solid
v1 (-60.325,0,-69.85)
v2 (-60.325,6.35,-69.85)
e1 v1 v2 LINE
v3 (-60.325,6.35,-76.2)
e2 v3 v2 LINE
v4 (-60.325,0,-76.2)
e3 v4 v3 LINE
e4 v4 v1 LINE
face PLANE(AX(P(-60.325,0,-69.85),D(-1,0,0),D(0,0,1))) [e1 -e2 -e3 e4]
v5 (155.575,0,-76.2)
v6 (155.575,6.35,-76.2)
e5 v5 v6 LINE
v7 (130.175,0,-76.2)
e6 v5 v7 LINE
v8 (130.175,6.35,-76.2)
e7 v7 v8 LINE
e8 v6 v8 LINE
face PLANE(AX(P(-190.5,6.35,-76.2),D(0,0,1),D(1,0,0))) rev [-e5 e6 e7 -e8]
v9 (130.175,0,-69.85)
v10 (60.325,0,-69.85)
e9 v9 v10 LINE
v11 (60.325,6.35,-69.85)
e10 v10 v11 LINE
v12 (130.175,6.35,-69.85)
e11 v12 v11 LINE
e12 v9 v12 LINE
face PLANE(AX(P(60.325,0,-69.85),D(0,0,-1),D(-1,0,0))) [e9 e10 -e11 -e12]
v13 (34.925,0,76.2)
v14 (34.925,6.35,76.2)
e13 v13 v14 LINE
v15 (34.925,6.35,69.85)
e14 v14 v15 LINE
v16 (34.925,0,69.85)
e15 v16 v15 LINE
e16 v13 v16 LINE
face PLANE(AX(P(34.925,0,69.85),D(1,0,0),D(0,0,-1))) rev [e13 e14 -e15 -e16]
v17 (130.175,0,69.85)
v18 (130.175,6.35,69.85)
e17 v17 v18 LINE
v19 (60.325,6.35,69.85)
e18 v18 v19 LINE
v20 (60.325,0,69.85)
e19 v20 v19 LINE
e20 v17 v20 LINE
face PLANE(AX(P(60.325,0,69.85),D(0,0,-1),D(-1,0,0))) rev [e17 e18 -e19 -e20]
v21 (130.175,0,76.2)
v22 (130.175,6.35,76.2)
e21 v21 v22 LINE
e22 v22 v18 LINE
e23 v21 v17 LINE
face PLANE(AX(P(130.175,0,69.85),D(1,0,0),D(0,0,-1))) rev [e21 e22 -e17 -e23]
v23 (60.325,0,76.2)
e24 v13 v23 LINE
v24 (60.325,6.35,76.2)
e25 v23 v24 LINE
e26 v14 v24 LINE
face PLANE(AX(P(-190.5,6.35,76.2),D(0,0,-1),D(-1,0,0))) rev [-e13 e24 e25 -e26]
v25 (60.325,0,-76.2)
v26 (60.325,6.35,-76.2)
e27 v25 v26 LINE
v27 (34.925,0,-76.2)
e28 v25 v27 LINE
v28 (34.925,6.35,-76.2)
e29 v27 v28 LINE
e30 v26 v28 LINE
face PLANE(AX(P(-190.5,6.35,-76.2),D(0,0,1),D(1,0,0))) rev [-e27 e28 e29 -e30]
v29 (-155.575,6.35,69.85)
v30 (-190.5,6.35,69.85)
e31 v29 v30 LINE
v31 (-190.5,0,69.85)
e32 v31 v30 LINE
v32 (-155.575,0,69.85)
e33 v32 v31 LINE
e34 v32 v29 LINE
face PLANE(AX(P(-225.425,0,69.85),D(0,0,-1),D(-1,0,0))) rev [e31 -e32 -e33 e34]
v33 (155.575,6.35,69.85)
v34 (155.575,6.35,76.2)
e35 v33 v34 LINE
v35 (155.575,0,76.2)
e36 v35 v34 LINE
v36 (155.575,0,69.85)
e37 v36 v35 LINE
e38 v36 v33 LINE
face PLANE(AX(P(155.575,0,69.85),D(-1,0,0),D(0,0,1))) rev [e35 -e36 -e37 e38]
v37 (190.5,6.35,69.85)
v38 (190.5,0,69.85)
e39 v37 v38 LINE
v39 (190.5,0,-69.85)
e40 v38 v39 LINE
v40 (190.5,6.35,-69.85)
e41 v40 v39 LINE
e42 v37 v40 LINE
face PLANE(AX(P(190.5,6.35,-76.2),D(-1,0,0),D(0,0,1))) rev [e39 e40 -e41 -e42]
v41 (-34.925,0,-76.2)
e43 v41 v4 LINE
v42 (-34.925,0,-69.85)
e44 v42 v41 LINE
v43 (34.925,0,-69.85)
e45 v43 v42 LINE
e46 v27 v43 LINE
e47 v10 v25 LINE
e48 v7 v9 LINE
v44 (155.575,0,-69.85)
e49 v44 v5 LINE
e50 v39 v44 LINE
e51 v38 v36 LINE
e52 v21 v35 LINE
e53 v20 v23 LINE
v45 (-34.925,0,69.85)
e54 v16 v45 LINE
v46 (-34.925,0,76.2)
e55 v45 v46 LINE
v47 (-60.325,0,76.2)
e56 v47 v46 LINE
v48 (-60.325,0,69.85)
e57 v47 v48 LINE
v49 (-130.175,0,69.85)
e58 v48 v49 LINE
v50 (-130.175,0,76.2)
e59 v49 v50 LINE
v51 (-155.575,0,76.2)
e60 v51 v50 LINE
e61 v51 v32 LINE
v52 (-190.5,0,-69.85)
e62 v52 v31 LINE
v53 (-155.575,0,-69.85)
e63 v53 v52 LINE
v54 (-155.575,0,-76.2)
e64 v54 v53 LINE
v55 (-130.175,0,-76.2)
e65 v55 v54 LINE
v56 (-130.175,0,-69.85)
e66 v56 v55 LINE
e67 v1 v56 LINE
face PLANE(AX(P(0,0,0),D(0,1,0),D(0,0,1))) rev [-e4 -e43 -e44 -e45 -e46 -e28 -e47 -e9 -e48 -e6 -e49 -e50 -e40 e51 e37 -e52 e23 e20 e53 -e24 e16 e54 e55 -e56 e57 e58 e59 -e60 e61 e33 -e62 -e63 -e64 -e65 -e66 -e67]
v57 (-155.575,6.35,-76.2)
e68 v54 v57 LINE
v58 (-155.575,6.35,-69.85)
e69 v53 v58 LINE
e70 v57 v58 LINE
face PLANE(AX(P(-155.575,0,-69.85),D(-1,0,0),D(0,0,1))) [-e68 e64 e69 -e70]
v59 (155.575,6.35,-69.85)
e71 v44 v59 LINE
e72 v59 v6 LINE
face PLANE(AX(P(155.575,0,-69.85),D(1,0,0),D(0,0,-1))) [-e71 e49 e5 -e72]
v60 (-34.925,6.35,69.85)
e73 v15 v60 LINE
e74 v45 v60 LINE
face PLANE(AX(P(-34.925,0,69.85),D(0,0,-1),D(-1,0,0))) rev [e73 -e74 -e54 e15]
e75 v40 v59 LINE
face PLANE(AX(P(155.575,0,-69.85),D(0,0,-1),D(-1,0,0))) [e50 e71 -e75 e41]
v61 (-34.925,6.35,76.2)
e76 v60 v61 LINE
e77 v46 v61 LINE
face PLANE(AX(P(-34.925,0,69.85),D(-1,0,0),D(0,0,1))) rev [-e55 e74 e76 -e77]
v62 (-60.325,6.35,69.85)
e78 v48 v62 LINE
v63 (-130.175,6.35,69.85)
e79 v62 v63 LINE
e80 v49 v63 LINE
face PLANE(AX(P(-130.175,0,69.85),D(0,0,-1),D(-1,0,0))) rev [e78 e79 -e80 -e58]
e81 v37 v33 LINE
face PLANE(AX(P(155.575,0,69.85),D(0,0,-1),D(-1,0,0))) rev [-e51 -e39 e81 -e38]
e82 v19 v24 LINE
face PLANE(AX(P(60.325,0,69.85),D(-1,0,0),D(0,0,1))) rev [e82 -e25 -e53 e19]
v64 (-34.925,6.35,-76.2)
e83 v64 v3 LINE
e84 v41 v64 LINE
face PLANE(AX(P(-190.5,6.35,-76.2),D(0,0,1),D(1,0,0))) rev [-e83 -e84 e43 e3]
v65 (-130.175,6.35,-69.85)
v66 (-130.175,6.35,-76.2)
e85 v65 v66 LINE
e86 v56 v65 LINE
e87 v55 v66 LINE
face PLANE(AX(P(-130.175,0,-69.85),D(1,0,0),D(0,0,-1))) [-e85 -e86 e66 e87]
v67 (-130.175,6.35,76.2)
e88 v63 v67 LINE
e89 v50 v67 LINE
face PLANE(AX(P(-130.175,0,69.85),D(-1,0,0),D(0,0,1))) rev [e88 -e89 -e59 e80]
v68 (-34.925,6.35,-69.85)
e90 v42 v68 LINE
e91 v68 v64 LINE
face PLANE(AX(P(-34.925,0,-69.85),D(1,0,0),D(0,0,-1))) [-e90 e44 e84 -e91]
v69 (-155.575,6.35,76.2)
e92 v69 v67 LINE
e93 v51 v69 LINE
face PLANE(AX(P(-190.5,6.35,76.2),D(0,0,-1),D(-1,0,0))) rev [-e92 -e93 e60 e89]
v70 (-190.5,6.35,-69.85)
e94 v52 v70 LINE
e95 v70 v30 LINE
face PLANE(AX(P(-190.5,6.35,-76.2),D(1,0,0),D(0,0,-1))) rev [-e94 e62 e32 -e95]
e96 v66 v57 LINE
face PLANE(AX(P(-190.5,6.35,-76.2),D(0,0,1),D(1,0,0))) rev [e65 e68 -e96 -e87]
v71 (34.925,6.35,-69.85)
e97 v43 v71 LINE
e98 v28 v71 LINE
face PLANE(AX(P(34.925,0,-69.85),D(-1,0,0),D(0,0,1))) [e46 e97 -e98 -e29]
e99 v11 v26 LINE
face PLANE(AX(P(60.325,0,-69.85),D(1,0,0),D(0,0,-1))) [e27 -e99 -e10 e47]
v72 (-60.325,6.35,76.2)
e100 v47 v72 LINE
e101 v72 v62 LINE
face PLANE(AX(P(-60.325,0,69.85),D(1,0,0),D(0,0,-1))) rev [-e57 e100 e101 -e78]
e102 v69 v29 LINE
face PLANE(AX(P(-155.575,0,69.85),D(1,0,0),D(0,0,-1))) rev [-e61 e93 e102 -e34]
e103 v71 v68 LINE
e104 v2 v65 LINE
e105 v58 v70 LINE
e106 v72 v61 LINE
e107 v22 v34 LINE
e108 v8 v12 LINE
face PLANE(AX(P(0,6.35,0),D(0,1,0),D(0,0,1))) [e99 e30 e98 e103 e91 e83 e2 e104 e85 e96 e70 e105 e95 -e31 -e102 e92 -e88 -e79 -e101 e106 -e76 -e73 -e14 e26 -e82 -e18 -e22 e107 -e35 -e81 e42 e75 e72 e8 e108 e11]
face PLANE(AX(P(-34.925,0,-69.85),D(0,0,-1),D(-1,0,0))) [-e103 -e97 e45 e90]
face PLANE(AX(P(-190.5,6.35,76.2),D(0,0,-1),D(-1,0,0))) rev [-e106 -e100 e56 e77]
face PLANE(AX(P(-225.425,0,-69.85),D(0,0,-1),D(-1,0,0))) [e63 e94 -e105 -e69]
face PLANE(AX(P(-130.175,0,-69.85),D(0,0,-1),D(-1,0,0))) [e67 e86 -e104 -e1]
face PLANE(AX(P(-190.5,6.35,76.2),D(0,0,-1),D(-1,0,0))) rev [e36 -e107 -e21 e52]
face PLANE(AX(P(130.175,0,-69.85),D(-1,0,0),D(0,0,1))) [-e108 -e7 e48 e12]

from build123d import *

# Parameters (mm, degrees)
SKETCH1_W               = 381
SKETCH1_H               = 152.4
BOSS_EXTRUDE1_DEPTH     = 6.35
SKETCH2_W               = 69.85
SKETCH2_H               = 6.35
CUT_EXTRUDE2_DEPTH      = 7.35
LPATTERN1_COUNT         = 3
LPATTERN1_PITCH         = 95.25
LPATTERN1_COL_COUNT     = 3
LPATTERN1_COL_PITCH     = 95.25
MIRROR2_COPY_1_SKETCH_W = 69.85
MIRROR2_COPY_1_SKETCH_H = 6.35
MIRROR2_COPY_1_DEPTH    = 7.35
MIRROR2_COPY_2_SKETCH_W = 69.85
MIRROR2_COPY_2_SKETCH_H = 6.35
MIRROR2_COPY_2_DEPTH    = 7.35
MIRROR2_COPY_3_SKETCH_W = 69.85
MIRROR2_COPY_3_SKETCH_H = 6.35
MIRROR2_COPY_3_DEPTH    = 7.35
MIRROR2_COPY_4_SKETCH_W = 69.85
MIRROR2_COPY_4_SKETCH_H = 6.35
MIRROR2_COPY_4_DEPTH    = 7.35


with BuildPart() as part:
    # Sketch1 → Boss-Extrude1 (new body)
    with BuildSketch(Plane(origin=(0, 0, 0), x_dir=(1, 0, 0), z_dir=(0, 1, 0))):
        Rectangle(SKETCH1_W, SKETCH1_H)
    extrude(amount=BOSS_EXTRUDE1_DEPTH)

    # Sketch2 → Cut-Extrude2 (cut, through all)
    with BuildSketch(Plane(origin=(0, 6.35, 0), x_dir=(1, 0, 0), z_dir=(0, 1, 0))):
        with Locations((0, -73.025)):
            Rectangle(SKETCH2_W, SKETCH2_H)
    cut_extrude2 = extrude(amount=-CUT_EXTRUDE2_DEPTH, mode=Mode.SUBTRACT)

    # LPattern1: Cut-Extrude2 ×3
    with Locations(*[(-i * LPATTERN1_PITCH, 0, 0) for i in range(1, LPATTERN1_COUNT)]):
        add(cut_extrude2, mode=Mode.SUBTRACT)

    # LPattern1 col: Cut-Extrude2 ×3
    with Locations(*[(i * LPATTERN1_COL_PITCH, 0, 0) for i in range(1, LPATTERN1_COL_COUNT)]):
        add(cut_extrude2, mode=Mode.SUBTRACT)

    # Mirror2: Cut-Extrude2 across plane
    add(cut_extrude2.mirror(Plane.XY), mode=Mode.SUBTRACT)

    # Mirror2 copy 1 sketch → Mirror2 copy 1 (cut, through all)
    with BuildSketch(Plane(origin=(-95.25, 6.35, 0), x_dir=(1, 0, 0), z_dir=(0, 1, 0))):
        with Locations((0, 73.025)):
            Rectangle(MIRROR2_COPY_1_SKETCH_W, MIRROR2_COPY_1_SKETCH_H)
    extrude(amount=-MIRROR2_COPY_1_DEPTH, mode=Mode.SUBTRACT)

    # Mirror2 copy 2 sketch → Mirror2 copy 2 (cut, through all)
    with BuildSketch(Plane(origin=(-190.5, 6.35, 0), x_dir=(1, 0, 0), z_dir=(0, 1, 0))):
        with Locations((0, 73.025)):
            Rectangle(MIRROR2_COPY_2_SKETCH_W, MIRROR2_COPY_2_SKETCH_H)
    extrude(amount=-MIRROR2_COPY_2_DEPTH, mode=Mode.SUBTRACT)

    # Mirror2 copy 3 sketch → Mirror2 copy 3 (cut, through all)
    with BuildSketch(Plane(origin=(95.25, 6.35, 0), x_dir=(1, 0, 0), z_dir=(0, 1, 0))):
        with Locations((0, 73.025)):
            Rectangle(MIRROR2_COPY_3_SKETCH_W, MIRROR2_COPY_3_SKETCH_H)
    extrude(amount=-MIRROR2_COPY_3_DEPTH, mode=Mode.SUBTRACT)

    # Mirror2 copy 4 sketch → Mirror2 copy 4 (cut, through all)
    with BuildSketch(Plane(origin=(190.5, 6.35, 0), x_dir=(1, 0, 0), z_dir=(0, 1, 0))):
        with Locations((0, 73.025)):
            Rectangle(MIRROR2_COPY_4_SKETCH_W, MIRROR2_COPY_4_SKETCH_H)
    extrude(amount=-MIRROR2_COPY_4_DEPTH, mode=Mode.SUBTRACT)


solid = part.part
